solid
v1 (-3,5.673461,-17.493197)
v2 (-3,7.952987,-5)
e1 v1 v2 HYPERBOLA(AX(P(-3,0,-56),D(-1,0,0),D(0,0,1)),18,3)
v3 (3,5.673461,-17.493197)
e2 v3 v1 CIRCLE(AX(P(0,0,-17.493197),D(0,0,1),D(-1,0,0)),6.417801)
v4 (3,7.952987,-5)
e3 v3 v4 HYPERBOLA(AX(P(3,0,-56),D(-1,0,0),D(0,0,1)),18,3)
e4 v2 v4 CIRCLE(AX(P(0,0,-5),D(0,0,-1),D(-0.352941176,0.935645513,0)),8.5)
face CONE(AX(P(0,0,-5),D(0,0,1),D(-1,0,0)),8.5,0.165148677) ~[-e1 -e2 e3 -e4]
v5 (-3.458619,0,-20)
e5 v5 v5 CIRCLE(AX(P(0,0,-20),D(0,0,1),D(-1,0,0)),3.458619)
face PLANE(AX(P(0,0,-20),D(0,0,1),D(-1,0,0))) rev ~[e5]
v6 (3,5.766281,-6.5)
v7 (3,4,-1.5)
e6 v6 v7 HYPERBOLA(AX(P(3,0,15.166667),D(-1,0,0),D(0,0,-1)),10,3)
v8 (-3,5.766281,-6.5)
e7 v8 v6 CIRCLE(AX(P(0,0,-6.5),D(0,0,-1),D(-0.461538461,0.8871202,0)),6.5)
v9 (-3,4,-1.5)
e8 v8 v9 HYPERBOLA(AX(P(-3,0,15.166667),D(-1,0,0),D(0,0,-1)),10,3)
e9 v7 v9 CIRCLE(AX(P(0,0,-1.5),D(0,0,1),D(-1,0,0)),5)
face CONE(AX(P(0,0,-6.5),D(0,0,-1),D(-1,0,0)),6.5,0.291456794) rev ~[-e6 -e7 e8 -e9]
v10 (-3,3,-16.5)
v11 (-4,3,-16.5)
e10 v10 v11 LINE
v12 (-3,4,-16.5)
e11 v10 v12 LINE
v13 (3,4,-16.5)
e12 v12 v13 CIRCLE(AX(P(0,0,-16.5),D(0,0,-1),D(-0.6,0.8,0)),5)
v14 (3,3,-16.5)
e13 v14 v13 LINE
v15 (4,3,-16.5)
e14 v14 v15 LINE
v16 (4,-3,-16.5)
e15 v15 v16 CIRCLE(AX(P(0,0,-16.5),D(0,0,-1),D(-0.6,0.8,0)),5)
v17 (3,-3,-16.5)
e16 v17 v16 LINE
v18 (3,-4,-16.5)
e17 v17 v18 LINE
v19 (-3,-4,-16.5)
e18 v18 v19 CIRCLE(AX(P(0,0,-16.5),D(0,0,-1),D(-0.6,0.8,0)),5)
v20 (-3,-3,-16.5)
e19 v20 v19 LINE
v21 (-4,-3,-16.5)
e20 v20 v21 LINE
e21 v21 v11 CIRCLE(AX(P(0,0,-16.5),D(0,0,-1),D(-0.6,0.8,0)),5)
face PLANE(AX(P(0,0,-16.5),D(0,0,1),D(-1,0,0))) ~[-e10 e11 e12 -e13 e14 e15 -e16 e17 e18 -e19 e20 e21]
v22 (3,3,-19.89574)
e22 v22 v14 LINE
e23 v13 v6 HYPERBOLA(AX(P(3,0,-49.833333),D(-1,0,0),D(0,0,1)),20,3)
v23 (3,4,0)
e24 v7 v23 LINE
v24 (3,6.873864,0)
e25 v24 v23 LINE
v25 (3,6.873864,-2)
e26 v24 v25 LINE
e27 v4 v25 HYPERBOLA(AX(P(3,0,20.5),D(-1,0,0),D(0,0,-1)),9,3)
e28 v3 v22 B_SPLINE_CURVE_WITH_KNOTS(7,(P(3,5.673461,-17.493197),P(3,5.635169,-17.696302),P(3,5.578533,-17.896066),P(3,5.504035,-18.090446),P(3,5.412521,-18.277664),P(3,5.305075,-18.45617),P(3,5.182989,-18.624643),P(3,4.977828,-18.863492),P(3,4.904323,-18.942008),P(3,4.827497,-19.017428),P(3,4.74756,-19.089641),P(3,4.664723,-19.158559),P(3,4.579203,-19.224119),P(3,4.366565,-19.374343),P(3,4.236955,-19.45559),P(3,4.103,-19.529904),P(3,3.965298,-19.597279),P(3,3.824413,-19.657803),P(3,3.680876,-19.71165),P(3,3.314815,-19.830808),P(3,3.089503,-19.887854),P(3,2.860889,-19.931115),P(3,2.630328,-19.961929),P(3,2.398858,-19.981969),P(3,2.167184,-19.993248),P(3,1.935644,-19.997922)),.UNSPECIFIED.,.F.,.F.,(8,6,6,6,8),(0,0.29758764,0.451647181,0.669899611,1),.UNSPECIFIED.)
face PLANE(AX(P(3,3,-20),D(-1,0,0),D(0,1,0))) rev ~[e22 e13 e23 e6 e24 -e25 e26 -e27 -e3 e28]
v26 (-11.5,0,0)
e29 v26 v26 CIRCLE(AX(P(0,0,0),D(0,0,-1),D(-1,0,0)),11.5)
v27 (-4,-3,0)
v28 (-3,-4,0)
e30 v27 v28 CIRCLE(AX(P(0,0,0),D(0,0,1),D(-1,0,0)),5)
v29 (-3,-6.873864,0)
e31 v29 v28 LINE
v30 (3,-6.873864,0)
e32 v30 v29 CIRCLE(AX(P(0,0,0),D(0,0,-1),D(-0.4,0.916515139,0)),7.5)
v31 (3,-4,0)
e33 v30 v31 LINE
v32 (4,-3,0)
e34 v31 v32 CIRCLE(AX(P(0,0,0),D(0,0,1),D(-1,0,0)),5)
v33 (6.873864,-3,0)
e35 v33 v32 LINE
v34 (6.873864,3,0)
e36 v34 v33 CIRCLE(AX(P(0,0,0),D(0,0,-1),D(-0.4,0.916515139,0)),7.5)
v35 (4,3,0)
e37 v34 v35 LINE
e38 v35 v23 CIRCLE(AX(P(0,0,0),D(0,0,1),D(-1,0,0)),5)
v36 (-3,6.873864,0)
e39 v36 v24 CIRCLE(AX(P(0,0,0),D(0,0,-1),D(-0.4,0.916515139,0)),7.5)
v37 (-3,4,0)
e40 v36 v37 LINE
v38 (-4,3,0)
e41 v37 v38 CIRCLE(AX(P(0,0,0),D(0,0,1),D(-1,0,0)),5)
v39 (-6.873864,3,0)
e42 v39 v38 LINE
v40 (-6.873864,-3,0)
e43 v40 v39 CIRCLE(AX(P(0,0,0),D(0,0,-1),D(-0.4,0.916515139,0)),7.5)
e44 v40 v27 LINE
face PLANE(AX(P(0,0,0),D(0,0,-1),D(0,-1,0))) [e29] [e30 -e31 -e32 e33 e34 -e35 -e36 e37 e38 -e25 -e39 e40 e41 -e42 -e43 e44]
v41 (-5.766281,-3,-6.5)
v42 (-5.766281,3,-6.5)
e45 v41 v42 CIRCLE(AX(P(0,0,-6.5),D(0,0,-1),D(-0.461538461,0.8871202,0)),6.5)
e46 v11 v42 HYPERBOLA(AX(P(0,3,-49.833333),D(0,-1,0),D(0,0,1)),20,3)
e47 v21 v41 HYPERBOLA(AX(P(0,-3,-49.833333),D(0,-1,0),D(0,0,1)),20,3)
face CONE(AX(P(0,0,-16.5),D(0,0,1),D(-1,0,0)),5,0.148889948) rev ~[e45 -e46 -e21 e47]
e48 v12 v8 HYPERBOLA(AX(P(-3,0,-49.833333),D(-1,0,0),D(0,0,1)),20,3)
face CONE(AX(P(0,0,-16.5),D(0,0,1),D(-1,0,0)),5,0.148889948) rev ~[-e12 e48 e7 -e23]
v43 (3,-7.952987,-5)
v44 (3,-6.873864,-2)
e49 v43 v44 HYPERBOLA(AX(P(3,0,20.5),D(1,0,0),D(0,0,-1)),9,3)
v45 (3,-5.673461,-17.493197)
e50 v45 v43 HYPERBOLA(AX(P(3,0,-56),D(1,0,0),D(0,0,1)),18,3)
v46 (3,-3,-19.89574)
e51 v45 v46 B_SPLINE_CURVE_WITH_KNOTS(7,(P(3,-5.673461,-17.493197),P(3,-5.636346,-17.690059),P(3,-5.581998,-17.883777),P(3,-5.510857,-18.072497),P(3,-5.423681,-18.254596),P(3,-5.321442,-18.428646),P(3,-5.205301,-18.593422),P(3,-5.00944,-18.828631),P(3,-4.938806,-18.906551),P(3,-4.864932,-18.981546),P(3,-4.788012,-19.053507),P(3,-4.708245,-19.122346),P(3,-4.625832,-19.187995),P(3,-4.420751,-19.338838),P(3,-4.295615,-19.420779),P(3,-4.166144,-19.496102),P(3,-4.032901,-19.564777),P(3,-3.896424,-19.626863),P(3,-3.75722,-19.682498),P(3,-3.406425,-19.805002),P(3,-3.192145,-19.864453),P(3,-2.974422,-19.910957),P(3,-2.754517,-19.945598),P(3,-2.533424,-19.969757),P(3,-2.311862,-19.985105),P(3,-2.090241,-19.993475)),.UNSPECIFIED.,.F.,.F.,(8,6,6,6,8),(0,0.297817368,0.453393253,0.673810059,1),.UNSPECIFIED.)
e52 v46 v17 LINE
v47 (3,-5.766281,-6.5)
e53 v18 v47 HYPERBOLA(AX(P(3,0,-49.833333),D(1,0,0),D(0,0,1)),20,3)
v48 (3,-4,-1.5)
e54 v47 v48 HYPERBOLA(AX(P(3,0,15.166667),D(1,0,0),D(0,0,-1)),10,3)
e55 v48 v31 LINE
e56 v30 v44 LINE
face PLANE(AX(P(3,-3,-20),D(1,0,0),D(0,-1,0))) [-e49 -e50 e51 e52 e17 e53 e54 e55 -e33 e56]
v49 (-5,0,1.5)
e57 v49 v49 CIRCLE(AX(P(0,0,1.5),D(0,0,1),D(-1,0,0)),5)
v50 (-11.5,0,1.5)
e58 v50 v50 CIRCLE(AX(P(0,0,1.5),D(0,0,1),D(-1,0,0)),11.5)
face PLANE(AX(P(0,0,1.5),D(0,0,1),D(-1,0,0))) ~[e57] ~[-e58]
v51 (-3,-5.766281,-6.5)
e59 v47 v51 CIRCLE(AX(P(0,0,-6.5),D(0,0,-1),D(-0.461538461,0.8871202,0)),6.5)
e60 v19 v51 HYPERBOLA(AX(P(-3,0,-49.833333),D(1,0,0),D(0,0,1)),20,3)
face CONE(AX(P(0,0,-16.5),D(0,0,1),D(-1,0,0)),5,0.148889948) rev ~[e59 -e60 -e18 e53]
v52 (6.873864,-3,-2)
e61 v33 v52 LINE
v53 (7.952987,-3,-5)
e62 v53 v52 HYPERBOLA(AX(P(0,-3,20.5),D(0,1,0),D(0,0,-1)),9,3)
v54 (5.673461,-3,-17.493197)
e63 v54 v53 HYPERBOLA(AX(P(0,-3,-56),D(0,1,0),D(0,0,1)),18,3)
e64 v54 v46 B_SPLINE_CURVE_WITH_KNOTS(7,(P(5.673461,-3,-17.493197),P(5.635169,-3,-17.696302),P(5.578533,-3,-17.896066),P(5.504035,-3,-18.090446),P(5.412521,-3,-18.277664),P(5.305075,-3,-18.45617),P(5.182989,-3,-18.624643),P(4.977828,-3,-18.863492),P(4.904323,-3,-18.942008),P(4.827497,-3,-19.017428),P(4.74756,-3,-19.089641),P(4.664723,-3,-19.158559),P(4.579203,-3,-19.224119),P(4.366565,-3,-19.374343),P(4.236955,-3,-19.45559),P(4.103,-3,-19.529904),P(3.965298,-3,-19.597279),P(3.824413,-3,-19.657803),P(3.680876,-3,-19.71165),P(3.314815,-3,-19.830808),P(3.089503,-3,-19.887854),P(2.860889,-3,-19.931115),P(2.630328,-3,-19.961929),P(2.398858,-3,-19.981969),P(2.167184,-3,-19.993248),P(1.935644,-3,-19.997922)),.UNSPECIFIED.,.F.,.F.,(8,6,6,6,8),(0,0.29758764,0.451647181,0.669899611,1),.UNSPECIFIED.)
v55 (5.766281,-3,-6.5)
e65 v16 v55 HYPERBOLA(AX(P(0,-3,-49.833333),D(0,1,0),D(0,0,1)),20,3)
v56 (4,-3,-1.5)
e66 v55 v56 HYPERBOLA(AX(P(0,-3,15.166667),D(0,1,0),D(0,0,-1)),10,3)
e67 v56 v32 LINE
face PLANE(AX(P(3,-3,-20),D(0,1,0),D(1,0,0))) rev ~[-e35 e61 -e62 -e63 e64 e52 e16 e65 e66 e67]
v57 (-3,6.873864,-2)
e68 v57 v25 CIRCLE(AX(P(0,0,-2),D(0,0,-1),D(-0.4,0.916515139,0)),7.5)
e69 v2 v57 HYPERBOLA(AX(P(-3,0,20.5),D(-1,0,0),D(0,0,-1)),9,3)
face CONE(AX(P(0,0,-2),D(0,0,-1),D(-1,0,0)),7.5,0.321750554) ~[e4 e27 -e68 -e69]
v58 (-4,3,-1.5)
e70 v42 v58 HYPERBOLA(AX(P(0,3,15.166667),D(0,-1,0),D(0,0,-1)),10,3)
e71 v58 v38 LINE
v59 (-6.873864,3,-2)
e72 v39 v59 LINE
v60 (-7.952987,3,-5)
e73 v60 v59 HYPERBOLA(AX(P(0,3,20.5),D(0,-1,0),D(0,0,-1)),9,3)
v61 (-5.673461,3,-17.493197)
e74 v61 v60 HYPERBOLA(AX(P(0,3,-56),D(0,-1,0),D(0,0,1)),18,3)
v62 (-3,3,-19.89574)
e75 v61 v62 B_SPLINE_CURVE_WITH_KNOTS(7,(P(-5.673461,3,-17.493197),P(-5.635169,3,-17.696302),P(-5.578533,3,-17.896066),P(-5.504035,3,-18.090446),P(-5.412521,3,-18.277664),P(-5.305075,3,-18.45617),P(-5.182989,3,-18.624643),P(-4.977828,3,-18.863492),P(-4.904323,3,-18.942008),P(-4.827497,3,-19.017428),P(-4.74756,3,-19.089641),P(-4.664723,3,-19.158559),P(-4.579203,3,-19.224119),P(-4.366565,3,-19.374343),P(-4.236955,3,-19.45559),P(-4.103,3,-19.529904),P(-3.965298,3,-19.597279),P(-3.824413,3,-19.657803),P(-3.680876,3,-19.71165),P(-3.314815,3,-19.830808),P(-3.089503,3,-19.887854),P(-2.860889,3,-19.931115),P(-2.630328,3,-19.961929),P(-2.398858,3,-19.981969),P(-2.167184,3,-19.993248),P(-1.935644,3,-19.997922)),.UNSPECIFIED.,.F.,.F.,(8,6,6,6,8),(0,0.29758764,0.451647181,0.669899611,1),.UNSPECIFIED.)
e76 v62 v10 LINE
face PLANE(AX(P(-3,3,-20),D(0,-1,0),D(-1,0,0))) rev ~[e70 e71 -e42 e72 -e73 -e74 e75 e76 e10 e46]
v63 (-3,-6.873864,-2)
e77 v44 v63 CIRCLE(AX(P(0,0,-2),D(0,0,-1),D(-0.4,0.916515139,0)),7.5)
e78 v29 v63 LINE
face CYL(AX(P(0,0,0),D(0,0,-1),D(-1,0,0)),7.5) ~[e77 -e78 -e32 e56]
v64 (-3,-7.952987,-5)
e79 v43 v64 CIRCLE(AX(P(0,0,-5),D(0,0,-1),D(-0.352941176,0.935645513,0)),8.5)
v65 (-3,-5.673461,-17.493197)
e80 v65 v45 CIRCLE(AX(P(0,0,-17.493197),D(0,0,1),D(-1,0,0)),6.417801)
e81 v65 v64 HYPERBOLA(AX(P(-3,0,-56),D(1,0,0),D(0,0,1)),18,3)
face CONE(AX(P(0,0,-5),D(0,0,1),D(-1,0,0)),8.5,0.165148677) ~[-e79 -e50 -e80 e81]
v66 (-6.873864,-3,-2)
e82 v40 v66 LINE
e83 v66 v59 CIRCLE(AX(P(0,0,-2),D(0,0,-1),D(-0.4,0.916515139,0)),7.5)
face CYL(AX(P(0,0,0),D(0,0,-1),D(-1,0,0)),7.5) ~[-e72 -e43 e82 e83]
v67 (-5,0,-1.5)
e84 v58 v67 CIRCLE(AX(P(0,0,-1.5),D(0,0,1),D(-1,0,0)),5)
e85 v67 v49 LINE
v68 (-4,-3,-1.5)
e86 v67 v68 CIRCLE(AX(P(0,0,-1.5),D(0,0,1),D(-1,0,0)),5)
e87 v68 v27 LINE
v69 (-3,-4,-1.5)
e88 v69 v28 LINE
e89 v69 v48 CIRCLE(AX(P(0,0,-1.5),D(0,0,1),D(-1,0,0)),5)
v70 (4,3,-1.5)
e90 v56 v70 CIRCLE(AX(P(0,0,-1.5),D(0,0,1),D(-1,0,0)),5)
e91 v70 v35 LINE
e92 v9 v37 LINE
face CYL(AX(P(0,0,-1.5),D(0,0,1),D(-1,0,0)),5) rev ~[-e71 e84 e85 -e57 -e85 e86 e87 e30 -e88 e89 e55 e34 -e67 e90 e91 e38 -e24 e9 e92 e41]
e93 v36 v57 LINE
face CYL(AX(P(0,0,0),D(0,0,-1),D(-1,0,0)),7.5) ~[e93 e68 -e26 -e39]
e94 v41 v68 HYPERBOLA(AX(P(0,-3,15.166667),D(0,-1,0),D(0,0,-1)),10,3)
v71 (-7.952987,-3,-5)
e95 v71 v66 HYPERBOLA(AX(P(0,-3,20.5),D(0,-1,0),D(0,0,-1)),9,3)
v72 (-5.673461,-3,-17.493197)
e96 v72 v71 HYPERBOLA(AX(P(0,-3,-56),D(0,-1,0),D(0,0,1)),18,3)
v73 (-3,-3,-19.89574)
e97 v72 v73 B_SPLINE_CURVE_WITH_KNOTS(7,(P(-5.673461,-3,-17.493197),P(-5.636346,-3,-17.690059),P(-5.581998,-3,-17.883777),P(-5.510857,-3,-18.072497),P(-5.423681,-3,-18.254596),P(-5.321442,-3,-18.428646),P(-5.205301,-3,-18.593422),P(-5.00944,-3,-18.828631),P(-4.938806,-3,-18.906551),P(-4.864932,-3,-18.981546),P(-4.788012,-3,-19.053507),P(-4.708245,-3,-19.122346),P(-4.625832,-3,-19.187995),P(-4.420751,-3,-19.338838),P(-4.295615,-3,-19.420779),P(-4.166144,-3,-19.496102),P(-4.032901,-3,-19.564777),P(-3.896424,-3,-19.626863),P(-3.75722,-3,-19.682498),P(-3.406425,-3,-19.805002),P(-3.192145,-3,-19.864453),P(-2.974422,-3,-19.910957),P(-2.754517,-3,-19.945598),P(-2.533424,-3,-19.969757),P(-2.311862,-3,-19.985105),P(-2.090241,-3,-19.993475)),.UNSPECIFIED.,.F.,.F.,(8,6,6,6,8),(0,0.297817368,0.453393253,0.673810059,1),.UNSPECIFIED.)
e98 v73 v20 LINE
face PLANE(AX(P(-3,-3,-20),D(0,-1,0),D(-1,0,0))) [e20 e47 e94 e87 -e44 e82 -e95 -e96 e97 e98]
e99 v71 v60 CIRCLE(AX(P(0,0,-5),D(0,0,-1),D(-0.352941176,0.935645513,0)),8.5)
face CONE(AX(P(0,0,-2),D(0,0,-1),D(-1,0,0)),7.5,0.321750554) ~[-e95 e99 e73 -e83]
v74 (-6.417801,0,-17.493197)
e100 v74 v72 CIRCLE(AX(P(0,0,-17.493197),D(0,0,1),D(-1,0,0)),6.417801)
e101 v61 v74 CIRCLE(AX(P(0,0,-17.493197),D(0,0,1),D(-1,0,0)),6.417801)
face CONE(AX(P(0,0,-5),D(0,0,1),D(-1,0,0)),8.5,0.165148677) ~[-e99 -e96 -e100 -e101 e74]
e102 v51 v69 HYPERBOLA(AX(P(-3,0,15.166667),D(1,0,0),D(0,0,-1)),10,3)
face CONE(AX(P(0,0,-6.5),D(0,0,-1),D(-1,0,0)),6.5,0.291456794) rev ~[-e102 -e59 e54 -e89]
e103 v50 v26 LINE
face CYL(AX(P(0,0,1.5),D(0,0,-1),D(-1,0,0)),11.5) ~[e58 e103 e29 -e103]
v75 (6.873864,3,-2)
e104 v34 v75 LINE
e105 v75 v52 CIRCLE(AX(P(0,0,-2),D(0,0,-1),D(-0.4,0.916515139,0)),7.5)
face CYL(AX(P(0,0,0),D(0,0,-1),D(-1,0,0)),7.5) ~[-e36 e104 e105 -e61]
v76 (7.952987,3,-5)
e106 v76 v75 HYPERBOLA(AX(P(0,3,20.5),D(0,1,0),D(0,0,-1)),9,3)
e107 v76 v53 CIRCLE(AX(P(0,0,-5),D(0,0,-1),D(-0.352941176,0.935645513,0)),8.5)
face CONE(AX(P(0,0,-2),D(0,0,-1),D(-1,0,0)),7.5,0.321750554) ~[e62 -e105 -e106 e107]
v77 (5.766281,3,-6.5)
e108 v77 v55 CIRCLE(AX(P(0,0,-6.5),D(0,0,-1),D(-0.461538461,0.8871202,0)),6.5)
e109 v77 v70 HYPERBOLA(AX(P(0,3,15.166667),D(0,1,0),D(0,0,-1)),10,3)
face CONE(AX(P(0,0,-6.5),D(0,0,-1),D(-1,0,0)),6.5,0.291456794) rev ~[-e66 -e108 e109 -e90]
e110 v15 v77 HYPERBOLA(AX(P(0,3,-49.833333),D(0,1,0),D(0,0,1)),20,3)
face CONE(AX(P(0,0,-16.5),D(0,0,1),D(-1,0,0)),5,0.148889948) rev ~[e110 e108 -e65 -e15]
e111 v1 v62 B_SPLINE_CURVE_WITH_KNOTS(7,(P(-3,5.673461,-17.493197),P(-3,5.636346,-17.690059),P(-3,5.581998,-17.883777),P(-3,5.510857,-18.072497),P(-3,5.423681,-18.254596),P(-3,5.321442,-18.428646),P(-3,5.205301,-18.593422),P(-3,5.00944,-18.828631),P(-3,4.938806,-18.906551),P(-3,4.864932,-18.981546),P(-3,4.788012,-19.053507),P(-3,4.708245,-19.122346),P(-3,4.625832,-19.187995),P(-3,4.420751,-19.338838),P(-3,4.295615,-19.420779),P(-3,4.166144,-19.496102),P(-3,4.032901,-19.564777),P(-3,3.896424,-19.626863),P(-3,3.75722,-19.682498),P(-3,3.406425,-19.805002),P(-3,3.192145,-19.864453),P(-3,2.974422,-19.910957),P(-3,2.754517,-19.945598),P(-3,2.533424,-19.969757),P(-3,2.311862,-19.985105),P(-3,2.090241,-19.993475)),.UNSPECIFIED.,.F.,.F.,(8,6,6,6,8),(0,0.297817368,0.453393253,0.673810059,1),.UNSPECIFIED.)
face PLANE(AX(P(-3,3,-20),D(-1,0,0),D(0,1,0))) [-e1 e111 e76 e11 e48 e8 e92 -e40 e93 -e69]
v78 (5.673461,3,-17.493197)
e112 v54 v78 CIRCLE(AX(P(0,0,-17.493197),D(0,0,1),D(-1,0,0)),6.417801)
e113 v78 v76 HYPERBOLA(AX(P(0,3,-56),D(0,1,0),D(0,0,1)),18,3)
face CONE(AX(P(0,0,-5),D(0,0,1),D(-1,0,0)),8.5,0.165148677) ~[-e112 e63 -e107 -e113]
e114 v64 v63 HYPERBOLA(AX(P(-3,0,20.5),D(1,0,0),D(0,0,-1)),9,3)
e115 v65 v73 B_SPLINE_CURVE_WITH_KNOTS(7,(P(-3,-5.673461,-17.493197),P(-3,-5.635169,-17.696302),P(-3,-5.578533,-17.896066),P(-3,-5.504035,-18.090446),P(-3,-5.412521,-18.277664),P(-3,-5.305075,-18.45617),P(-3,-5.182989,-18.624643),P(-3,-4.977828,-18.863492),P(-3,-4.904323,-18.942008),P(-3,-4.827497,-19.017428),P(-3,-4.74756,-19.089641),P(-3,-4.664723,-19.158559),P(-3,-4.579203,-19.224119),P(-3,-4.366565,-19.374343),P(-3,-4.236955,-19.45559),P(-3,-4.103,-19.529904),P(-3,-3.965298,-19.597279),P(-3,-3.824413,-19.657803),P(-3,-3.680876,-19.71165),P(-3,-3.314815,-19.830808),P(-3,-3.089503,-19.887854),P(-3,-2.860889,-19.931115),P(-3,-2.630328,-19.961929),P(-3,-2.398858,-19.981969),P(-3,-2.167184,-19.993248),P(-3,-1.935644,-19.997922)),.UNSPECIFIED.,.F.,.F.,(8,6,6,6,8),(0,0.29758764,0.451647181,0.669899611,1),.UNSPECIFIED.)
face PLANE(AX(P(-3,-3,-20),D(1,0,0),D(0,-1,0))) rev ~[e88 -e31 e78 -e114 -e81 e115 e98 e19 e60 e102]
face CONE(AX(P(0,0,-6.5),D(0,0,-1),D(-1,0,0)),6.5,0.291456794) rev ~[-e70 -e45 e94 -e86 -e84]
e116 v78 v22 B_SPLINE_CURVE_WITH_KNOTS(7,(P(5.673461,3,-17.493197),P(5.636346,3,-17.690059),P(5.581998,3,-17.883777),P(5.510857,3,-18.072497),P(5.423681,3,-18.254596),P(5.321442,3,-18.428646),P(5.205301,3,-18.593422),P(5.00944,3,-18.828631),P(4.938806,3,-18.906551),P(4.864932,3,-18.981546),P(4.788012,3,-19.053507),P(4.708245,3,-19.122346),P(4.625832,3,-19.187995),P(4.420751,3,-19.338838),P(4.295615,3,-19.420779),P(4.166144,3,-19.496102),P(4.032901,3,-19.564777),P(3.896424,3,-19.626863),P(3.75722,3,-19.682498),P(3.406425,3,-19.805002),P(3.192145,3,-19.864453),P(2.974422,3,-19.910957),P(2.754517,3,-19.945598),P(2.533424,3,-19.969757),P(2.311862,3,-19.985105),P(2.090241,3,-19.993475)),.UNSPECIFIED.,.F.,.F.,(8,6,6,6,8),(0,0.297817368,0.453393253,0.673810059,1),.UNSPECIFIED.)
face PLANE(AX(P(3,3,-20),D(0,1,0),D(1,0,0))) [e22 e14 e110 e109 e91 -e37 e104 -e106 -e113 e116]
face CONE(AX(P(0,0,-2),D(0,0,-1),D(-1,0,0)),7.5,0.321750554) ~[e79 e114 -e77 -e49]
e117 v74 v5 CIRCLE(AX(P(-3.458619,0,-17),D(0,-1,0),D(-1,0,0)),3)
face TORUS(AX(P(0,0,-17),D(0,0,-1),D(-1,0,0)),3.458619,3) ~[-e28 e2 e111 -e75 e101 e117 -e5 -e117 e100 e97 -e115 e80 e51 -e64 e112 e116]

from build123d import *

# Parameters (mm, degrees)
FILLET_1_R               = 3
CUT_EXTRUDE_1_REACH      = 28.958
SKETCH_2_W               = 10.643557705
SKETCH_2_H               = 9.097593034
PATTERN_CIRCULAR_1_COUNT = 4


with BuildPart() as part:
    # ｽｹｯﾁ1 → 回転1 (revolve)
    with BuildSketch(Plane(origin=(0, 0, 0), x_dir=(0, 0, -1), z_dir=(1, 0, 0)), mode=Mode.PRIVATE) as revolve_1_sk:
        Polygon((0, 7.5), (2, 7.5), (5, 8.5), (20, 6), (20, 0), (16.5, 0), (16.5, 5), (6.5, 6.5), (1.5, 5), (-1.5, 5), (-1.5, 11.5), (0, 11.5), align=None)
    revolve(revolve_1_sk.sketch.rotate(Axis((0, 0, 0), (0, 0, 1)), 90), axis=Axis((0, 0, 0), (0, 0, 1)))

    # ﾌｨﾚｯﾄ1
    fillet_1_edges = [part.edges().sort_by_distance(p)[0] for p in [
        (6, 0, -20),
    ]]
    fillet(fillet_1_edges, radius=FILLET_1_R)

    # ｶｯﾄ - 押し出し1: up to this face of the body (flat: up to its plane)
    cut_extrude_1_end = Plane(part.part.faces().sort_by_distance((11.174730881, 0, 0))[0])
    # ｽｹｯﾁ2 → ｶｯﾄ - 押し出し1 (cut, up to the picked face)
    with BuildSketch(Plane(origin=(0, 0, -20), x_dir=(-1, 0, 0), z_dir=(0, 0, -1)), mode=Mode.PRIVATE) as cut_extrude_1_sk1:
        with Locations((8.321778852, 7.548796517)):
            Rectangle(SKETCH_2_W, SKETCH_2_H)
    cut_extrude_1_tool1 = split(extrude(cut_extrude_1_sk1.sketch, amount=-CUT_EXTRUDE_1_REACH, mode=Mode.PRIVATE), bisect_by=cut_extrude_1_end, keep=Keep.BOTH, mode=Mode.PRIVATE)
    cut_extrude_1 = cut_extrude_1_tool1.solids().sort_by(Axis((-8.321779, 7.548797, -20), (0, 0, 1)))[0]
    add(cut_extrude_1, mode=Mode.SUBTRACT)

    # 円形ﾊﾟﾀｰﾝ1: ｶｯﾄ - 押し出し1 ×4 about axis
    pattern_circular_1_axis = Axis((0, 0, 0), (0, 0, 1))
    for i in range(1, PATTERN_CIRCULAR_1_COUNT):
        add(cut_extrude_1.rotate(pattern_circular_1_axis, i * 360 / PATTERN_CIRCULAR_1_COUNT), mode=Mode.SUBTRACT)


solid = part.part
